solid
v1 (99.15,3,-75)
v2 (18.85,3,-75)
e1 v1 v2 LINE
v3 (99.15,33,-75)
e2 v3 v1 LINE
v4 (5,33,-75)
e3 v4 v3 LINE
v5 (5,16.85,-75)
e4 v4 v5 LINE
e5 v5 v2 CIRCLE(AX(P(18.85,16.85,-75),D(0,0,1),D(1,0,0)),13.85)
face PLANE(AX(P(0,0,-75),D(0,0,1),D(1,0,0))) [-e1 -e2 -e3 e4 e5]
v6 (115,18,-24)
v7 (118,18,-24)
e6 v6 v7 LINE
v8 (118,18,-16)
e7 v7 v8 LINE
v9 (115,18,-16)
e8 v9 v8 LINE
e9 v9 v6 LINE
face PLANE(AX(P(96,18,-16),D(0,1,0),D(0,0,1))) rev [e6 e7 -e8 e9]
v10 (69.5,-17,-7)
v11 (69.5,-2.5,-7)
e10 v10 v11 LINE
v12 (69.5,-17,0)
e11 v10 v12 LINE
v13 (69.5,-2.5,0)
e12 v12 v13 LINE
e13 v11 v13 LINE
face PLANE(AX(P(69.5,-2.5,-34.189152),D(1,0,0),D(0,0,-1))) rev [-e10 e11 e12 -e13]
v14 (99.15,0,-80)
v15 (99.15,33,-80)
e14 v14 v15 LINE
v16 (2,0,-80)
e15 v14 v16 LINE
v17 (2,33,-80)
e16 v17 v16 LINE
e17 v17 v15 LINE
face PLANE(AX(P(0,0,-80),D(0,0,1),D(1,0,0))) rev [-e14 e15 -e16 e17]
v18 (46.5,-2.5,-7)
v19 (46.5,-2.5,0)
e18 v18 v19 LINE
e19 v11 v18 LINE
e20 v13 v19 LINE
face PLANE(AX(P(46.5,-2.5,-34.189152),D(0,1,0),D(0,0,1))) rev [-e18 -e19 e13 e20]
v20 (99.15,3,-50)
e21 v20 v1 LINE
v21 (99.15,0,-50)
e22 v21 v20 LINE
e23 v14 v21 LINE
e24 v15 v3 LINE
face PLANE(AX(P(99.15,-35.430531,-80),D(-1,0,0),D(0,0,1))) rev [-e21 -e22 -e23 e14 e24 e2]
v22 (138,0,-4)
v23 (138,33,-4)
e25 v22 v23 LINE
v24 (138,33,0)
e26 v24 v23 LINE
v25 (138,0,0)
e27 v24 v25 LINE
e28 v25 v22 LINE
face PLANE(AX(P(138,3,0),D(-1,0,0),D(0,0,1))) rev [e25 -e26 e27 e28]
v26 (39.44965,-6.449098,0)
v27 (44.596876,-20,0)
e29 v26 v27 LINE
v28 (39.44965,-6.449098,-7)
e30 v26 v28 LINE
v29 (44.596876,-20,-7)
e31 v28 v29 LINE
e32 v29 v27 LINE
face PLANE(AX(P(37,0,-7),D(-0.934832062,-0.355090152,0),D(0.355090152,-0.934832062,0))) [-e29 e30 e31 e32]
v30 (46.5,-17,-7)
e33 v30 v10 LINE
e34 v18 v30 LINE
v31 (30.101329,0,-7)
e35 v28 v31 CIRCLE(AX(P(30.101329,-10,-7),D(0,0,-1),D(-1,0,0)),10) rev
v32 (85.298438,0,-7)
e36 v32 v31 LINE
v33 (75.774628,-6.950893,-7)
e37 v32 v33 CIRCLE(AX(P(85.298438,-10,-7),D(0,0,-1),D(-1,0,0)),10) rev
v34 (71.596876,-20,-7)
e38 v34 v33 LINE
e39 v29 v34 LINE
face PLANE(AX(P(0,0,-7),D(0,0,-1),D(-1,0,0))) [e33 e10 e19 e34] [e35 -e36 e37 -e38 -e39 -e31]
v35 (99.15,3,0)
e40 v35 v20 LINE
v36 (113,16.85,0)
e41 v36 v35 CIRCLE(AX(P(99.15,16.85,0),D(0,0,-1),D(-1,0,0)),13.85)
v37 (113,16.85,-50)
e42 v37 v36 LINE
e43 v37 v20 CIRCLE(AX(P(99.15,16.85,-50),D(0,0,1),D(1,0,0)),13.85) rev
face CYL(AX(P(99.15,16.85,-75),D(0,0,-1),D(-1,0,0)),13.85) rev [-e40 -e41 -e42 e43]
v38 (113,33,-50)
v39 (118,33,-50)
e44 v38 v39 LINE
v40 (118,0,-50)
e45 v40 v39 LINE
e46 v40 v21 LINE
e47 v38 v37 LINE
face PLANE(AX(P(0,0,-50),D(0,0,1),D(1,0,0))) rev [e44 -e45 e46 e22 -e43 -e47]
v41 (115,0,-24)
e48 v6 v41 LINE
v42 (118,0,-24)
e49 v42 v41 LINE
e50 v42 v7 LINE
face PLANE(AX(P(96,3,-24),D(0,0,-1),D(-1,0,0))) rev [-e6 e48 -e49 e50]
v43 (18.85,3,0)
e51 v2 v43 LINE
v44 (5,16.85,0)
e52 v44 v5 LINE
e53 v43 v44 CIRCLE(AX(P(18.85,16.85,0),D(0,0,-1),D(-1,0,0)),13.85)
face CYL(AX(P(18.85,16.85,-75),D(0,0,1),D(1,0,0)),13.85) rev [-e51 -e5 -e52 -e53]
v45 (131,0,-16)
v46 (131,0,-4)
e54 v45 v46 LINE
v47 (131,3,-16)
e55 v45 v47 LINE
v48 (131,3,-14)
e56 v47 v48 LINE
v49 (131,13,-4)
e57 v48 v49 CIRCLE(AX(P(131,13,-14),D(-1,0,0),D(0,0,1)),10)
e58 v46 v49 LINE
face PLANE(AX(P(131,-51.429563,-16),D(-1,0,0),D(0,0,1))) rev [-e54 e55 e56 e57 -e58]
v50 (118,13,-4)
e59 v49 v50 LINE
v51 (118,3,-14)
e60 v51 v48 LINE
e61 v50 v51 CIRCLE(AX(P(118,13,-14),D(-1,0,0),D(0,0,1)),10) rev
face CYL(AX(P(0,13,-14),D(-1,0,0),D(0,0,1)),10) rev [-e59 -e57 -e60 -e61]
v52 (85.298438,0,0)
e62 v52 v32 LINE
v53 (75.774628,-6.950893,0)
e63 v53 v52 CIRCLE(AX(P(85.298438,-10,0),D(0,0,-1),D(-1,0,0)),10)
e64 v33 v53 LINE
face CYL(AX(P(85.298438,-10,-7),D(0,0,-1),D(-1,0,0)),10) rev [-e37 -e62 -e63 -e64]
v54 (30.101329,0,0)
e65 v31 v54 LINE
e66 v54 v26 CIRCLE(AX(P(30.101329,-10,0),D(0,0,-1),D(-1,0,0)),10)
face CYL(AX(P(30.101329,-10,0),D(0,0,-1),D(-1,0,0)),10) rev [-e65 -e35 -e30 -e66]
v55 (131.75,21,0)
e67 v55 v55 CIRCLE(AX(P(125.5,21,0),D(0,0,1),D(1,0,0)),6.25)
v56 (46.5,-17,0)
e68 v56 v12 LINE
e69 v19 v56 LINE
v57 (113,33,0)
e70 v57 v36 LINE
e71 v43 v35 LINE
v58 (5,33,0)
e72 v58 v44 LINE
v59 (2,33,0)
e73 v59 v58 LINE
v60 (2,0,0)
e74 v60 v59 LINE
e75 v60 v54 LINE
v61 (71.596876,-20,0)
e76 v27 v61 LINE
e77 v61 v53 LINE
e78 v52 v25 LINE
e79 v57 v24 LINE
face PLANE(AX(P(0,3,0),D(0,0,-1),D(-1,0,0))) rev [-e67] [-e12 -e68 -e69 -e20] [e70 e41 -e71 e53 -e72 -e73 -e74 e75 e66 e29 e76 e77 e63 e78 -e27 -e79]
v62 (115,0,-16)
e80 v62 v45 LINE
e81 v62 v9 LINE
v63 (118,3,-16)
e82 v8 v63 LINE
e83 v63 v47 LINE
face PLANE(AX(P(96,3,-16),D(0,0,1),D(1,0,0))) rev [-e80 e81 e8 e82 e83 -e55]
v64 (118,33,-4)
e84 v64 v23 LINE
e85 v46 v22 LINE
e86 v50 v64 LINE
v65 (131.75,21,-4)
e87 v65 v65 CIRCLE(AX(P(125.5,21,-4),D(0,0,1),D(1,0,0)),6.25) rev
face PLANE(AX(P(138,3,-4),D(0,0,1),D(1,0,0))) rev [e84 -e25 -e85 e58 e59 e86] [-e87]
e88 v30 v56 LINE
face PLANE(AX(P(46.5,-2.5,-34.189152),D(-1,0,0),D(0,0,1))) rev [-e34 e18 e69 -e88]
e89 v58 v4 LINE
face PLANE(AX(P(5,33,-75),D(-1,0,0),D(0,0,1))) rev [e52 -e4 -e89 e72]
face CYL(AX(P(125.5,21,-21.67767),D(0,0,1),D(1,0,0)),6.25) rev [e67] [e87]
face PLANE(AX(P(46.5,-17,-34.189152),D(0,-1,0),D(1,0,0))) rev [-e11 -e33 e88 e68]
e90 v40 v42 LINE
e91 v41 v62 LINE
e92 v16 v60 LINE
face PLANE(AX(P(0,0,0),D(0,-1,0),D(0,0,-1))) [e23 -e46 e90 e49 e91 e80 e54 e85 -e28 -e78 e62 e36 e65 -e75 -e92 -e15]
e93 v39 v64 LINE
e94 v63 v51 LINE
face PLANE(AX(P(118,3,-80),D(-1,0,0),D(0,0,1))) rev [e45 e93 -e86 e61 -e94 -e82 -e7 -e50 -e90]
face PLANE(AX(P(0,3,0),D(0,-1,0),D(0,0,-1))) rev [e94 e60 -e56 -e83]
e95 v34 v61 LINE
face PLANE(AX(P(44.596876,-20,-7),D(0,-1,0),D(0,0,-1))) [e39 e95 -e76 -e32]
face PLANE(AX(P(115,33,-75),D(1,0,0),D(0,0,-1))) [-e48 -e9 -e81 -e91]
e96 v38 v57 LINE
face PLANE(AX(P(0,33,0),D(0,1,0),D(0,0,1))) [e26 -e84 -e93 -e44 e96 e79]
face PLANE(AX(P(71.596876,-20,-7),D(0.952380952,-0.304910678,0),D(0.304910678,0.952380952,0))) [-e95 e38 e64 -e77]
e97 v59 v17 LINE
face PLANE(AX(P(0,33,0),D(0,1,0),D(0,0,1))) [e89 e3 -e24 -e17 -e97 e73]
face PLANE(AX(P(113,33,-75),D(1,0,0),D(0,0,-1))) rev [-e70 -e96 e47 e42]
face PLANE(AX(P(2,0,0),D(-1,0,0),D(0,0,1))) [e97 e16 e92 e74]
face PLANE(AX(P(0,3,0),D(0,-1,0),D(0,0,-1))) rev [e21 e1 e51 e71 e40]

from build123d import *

# Parameters (mm, degrees)
ESQUISSE1_W             = 138
ESQUISSE1_H             = 75
BOSS_EXTRU_1_DEPTH      = 3
ESQUISSE2_W             = 5
ESQUISSE2_H             = 75
ESQUISSE2_W_2           = 25
BOSS_EXTRU_2_DEPTH      = 30
CONG_1_R                = 13.85
ESQUISSE3_W             = 138
ESQUISSE3_H             = 33
BOSS_EXTRU_3_DEPTH      = 5
ESQUISSE5_W             = 20
ESQUISSE5_H             = 76
ENL_V_MAT_EXTRU_2_DEPTH = 30
ESQUISSE6_R             = 6.25
ENL_V_MAT_EXTRU_3_DEPTH = 4
ESQUISSE7_W             = 20
ESQUISSE7_H             = 3
ENL_V_MAT_EXTRU_4_DEPTH = 30
ENL_V_MAT_EXTRU_5_REACH = 164.89
ESQUISSE8_W             = 18.85
ESQUISSE8_H             = 30
ESQUISSE10_W            = 8
ESQUISSE10_H            = 15
ENL_V_MAT_EXTRU_6_DEPTH = 3
ENL_V_MAT_EXTRU_7_DEPTH = 3
ESQUISSE12_W            = 80
ESQUISSE12_H            = 33
ENL_V_MAT_EXTRU_8_DEPTH = 2
BOSS_EXTRU_4_DEPTH      = 7
ESQUISSE14_W            = 23
ESQUISSE14_H            = 14.5
ENL_V_MAT_EXTRU_9_DEPTH = 7
CONG_2_R                = 10


with BuildPart() as part:
    # Esquisse1 → Boss.-Extru.1 (new body)
    with BuildSketch(Plane(origin=(0, 0, 0), x_dir=(1, 0, 0), z_dir=(0, 1, 0))):
        with Locations((69, 37.5)):
            Rectangle(ESQUISSE1_W, ESQUISSE1_H)
    extrude(amount=BOSS_EXTRU_1_DEPTH)

    # Esquisse2 → Boss.-Extru.2 (add)
    with BuildSketch(Plane(origin=(0, 3, 0), x_dir=(1, 0, 0), z_dir=(0, 1, 0))):
        with Locations((2.5, 37.5)):
            Rectangle(ESQUISSE2_W, ESQUISSE2_H)
        with Locations((125.5, 37.5)):
            Rectangle(ESQUISSE2_W_2, ESQUISSE2_H)
    extrude(amount=BOSS_EXTRU_2_DEPTH)

    # Congé1
    cong_1_edges = [part.edges().sort_by_distance(p)[0] for p in [
        (5, 3, -37.5),
        (113, 3, -37.5),
    ]]
    fillet(cong_1_edges, radius=CONG_1_R)

    # Esquisse3 → Boss.-Extru.3 (add)
    with BuildSketch(Plane(origin=(0, 0, -75), x_dir=(-1, 0, 0), z_dir=(0, 0, -1))):
        with Locations((-69, 16.5)):
            Rectangle(ESQUISSE3_W, ESQUISSE3_H)
    extrude(amount=BOSS_EXTRU_3_DEPTH)

    # Esquisse5 → Enlèv. mat.-Extru.2 (cut)
    with BuildSketch(Plane(origin=(0, 33, 0), x_dir=(1, 0, 0), z_dir=(0, 1, 0))):
        with Locations((128, 42)):
            Rectangle(ESQUISSE5_W, ESQUISSE5_H)
    extrude(amount=-ENL_V_MAT_EXTRU_2_DEPTH, mode=Mode.SUBTRACT)

    # Esquisse6 → Enlèv. mat.-Extru.3 (cut)
    with BuildSketch(Plane.XY):
        with Locations((125.5, 21)):
            Circle(ESQUISSE6_R)
    extrude(amount=-ENL_V_MAT_EXTRU_3_DEPTH, mode=Mode.SUBTRACT)

    # Esquisse7 → Enlèv. mat.-Extru.4 (cut)
    with BuildSketch(Plane(origin=(0, 0, -80), x_dir=(-1, 0, 0), z_dir=(0, 0, -1))):
        with Locations((-128, 1.5)):
            Rectangle(ESQUISSE7_W, ESQUISSE7_H)
    extrude(amount=-ENL_V_MAT_EXTRU_4_DEPTH, mode=Mode.SUBTRACT)

    # Enlèv. mat.-Extru.5: up to this face of the body (flat: up to its plane)
    enl_v_mat_extru_5_end = Plane(part.part.faces().sort_by_distance((65.609195402, 0, -38.563218391))[0])
    # Esquisse8 → Enlèv. mat.-Extru.5 (cut, up to the picked face)
    with BuildSketch(Plane(origin=(0, 33, 0), x_dir=(1, 0, 0), z_dir=(0, 1, 0)), mode=Mode.PRIVATE) as enl_v_mat_extru_5_sk1:
        with Locations((108.575, 65)):
            Rectangle(ESQUISSE8_W, ESQUISSE8_H)
    enl_v_mat_extru_5_tool1 = split(extrude(enl_v_mat_extru_5_sk1.sketch, amount=-ENL_V_MAT_EXTRU_5_REACH, mode=Mode.PRIVATE), bisect_by=enl_v_mat_extru_5_end, keep=Keep.BOTH, mode=Mode.PRIVATE)
    add(enl_v_mat_extru_5_tool1.solids().sort_by(Axis((108.575, 33, -65), (0, -1, 0)))[0], mode=Mode.SUBTRACT)

    # Esquisse10 → Enlèv. mat.-Extru.6 (cut)
    with BuildSketch(Plane(origin=(118, 0, 0), x_dir=(0, 0, -1), z_dir=(1, 0, 0))):
        with Locations((20, 10.5)):
            Rectangle(ESQUISSE10_W, ESQUISSE10_H)
    extrude(amount=-ENL_V_MAT_EXTRU_6_DEPTH, mode=Mode.SUBTRACT)

    # Esquisse11 → Enlèv. mat.-Extru.7 (cut)
    with BuildSketch(Plane(origin=(0, 3, 0), x_dir=(1, 0, 0), z_dir=(0, 1, 0))):
        Polygon((115, 24), (118, 24), (118, 50), (138, 50), (138, 4), (131, 4), (131, 16), (115, 16), align=None)
    extrude(amount=-ENL_V_MAT_EXTRU_7_DEPTH, mode=Mode.SUBTRACT)

    # Esquisse12 → Enlèv. mat.-Extru.8 (cut)
    with BuildSketch(Plane.ZY):
        with Locations((-40, 16.5)):
            Rectangle(ESQUISSE12_W, ESQUISSE12_H)
    extrude(amount=-ENL_V_MAT_EXTRU_8_DEPTH, mode=Mode.SUBTRACT)

    # Esquisse13 → Boss.-Extru.4 (add)
    with BuildSketch(Plane.XY):
        Polygon((37, 0), (44.596875763, -20), (71.596875763, -20), (78, 0), align=None)
    extrude(amount=-BOSS_EXTRU_4_DEPTH)

    # Esquisse14 → Enlèv. mat.-Extru.9 (cut)
    with BuildSketch(Plane.XY):
        with Locations((58, -9.75)):
            Rectangle(ESQUISSE14_W, ESQUISSE14_H)
    extrude(amount=-ENL_V_MAT_EXTRU_9_DEPTH, mode=Mode.SUBTRACT)

    # Congé2
    cong_2_edges = [part.edges().sort_by_distance(p)[0] for p in [
        (37, 0, -3.5),
        (78, 0, -3.5),
        (124.5, 3, -4),
    ]]
    fillet(cong_2_edges, radius=CONG_2_R)


solid = part.part
